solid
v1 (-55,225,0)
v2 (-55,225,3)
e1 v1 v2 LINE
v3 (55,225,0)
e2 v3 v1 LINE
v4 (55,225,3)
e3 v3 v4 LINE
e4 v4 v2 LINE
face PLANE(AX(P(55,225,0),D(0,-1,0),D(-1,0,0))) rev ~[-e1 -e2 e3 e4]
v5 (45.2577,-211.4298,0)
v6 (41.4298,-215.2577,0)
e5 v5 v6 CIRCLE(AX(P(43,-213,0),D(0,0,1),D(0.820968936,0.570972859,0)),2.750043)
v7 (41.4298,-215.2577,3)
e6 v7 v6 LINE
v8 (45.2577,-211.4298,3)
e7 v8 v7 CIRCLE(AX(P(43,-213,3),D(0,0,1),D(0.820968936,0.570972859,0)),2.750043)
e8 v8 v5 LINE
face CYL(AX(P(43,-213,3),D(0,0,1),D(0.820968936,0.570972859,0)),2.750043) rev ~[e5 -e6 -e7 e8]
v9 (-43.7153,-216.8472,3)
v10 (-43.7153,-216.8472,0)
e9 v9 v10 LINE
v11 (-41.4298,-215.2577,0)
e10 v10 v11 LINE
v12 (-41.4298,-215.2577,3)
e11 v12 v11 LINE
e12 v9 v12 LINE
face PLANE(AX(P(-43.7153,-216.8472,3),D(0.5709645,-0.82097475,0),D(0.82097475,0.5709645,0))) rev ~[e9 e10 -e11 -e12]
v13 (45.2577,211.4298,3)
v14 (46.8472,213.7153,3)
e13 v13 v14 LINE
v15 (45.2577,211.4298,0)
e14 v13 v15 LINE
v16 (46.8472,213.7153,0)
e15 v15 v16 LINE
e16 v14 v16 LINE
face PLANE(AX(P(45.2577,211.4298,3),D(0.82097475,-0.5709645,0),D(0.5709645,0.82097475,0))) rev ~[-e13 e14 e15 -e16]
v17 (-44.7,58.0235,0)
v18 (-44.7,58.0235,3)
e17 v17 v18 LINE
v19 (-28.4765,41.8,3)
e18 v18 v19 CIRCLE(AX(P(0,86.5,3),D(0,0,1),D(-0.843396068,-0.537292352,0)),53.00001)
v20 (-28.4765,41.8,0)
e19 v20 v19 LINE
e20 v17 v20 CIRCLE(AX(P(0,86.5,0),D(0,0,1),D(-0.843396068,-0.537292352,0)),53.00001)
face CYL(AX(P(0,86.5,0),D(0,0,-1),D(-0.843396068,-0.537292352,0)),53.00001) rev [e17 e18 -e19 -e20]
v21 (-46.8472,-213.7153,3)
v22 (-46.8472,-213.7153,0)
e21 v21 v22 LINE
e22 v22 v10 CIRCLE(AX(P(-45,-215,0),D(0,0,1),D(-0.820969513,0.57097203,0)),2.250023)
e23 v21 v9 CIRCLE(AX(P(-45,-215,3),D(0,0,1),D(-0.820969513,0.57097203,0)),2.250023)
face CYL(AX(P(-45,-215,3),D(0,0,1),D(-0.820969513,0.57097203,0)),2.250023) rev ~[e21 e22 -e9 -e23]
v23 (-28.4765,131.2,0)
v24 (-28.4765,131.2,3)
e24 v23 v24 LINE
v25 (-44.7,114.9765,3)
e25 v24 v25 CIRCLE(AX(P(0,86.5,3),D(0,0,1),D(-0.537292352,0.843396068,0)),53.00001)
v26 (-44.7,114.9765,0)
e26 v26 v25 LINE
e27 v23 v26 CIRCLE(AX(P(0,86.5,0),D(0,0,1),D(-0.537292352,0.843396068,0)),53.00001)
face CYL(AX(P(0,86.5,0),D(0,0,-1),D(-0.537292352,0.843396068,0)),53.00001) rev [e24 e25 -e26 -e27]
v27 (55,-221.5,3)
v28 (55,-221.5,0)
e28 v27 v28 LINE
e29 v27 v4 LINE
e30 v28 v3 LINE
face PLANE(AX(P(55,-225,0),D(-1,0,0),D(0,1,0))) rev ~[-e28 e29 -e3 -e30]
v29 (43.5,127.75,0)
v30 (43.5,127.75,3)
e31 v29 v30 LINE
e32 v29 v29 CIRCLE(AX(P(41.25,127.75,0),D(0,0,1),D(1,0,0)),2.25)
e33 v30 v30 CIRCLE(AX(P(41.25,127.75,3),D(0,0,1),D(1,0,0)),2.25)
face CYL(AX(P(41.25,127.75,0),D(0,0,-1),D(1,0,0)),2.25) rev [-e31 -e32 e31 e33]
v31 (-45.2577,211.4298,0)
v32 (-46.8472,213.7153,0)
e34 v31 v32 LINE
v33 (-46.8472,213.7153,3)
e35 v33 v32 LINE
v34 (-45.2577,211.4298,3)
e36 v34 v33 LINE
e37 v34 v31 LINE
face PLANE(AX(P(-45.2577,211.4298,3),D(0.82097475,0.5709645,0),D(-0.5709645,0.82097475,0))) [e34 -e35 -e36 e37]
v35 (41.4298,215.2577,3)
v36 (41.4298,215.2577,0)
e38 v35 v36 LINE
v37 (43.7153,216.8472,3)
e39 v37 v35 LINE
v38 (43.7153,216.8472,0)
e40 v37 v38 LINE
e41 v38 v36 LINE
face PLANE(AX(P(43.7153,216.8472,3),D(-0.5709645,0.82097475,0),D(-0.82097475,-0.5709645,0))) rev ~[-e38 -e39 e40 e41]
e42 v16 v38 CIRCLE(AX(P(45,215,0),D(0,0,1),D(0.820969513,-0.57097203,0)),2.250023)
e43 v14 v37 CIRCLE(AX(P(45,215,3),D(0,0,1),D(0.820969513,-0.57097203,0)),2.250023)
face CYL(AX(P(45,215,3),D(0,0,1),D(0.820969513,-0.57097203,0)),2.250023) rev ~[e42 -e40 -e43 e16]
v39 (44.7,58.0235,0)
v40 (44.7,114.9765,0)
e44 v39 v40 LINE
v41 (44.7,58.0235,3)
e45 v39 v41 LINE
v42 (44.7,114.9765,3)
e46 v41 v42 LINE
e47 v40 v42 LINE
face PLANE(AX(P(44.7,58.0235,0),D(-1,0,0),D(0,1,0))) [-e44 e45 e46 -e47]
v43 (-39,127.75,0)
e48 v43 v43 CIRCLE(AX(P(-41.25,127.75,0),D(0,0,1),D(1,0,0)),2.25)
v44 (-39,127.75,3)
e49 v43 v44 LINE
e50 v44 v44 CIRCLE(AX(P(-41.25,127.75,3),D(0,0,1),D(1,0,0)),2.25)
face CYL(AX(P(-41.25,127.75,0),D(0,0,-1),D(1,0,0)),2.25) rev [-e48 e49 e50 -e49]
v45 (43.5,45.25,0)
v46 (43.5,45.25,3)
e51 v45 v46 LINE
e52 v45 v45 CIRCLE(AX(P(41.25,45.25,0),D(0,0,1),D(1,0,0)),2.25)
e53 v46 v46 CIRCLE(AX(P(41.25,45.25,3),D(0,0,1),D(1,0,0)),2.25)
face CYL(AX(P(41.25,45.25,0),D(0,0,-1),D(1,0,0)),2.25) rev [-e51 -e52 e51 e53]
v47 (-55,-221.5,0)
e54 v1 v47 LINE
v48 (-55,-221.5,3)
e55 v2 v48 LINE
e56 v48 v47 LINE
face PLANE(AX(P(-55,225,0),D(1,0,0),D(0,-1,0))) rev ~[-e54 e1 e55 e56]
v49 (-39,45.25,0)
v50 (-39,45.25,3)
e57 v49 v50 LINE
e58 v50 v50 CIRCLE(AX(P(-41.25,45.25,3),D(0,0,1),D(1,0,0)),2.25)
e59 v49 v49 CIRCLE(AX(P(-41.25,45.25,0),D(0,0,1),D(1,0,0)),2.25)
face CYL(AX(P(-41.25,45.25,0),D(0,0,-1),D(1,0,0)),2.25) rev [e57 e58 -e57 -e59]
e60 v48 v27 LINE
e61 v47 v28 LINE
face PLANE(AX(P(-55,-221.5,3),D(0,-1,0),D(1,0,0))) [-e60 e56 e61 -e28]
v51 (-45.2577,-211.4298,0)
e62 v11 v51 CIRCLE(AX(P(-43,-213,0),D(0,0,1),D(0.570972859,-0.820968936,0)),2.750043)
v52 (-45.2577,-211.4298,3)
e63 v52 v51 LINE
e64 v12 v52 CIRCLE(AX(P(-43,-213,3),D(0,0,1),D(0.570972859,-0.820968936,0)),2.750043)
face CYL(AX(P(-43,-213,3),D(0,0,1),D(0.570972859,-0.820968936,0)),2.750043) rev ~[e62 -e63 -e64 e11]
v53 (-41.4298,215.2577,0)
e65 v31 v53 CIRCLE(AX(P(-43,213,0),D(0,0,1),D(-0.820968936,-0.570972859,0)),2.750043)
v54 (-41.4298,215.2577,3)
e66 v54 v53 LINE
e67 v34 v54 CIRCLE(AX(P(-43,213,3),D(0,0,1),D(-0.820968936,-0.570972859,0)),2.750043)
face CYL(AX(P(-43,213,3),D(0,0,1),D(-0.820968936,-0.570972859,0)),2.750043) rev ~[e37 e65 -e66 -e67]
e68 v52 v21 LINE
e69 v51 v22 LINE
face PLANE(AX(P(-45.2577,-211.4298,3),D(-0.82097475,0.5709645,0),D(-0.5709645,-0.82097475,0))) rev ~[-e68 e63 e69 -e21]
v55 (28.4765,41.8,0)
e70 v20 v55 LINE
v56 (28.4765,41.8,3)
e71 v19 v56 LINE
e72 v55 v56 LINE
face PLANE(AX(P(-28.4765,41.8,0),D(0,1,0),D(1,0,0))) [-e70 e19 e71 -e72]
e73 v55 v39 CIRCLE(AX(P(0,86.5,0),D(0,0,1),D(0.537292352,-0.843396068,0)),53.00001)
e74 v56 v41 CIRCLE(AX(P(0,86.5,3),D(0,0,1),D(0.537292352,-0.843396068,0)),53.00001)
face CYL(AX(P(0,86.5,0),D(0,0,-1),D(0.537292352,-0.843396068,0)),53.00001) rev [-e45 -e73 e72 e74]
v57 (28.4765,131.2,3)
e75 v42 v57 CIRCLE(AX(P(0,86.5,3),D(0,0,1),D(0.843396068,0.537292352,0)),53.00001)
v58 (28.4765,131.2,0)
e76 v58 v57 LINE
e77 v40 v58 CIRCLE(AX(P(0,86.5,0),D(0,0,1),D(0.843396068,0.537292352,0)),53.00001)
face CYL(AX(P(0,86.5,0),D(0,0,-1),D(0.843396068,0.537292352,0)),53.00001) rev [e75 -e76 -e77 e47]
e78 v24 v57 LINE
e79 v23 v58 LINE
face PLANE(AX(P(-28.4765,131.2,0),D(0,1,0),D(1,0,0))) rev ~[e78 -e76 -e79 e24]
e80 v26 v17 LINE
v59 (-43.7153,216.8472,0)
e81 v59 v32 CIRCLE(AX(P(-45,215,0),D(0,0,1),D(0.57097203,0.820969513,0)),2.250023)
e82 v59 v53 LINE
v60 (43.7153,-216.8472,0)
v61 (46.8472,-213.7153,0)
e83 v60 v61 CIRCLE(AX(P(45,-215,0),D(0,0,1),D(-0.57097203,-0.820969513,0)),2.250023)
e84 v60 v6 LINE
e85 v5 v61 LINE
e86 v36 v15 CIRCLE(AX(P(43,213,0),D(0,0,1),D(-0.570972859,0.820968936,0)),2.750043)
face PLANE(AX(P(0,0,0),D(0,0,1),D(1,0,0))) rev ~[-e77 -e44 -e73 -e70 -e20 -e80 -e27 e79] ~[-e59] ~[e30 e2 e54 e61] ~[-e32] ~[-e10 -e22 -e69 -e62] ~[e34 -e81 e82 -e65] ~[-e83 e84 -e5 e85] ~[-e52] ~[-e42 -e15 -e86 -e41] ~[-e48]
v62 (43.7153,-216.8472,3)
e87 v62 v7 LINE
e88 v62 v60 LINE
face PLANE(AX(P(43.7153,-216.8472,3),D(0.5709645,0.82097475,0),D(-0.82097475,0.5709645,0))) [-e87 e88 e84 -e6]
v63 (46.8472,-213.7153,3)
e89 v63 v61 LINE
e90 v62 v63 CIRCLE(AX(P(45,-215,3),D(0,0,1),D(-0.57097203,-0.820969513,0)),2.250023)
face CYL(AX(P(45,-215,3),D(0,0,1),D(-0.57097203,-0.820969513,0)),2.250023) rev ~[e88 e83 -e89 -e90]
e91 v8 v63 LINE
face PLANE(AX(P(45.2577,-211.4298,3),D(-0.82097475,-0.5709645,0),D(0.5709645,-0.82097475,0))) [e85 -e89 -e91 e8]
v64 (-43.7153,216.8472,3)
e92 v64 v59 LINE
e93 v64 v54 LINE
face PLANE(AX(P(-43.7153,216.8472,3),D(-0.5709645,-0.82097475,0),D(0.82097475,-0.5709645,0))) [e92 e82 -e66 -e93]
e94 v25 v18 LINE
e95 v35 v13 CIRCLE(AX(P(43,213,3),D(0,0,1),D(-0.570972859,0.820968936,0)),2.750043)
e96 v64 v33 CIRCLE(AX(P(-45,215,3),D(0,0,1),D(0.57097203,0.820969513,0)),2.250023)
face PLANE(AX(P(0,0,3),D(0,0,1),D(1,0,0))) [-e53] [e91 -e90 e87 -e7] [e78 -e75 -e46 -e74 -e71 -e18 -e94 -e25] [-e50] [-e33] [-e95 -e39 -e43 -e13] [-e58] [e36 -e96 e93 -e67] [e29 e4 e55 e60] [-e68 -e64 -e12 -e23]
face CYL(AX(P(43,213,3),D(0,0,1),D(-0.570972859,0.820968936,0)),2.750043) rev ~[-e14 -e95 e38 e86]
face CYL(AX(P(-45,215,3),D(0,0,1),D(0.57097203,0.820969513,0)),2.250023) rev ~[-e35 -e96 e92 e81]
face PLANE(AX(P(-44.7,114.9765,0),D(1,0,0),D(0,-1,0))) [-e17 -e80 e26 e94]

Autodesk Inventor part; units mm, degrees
ref_plane "YZ Plane" through (0, 0, 0) normal (1, 0, 0) x (0, 1, 0)
ref_plane "XZ Plane" through (0, 0, 0) normal (0, 1, 0) x (-1, 0, 0)
ref_plane "XY Plane" through (0, 0, 0) normal (0, 0, 1) x (1, 0, 0)
sketch "スケッチ1" plane through (0, 0, 0) normal (0, 0, 1) x (1, 0, 0)
  line L0 (-55, -225) -> (55, -225)
  line L1 (55, -225) -> (55, 225)
  line L2 (55, 225) -> (-55, 225)
  line L3 (-55, 225) -> (-55, -225)
  line L4 (-55, -225) -> (55, 225) construction
  line L5 (55, -225) -> (-55, 225) construction
  line L6 (-55, 195) -> (-50, 195) construction
  line L7 (-50, 195) -> (-25, 220) construction
  line L8 (-25, 220) -> (-25, 225) construction
  line L9 (-46, 40.5) -> (46, 40.5) construction
  line L10 (46, 40.5) -> (46, 132.5) construction
  line L11 (46, 132.5) -> (-46, 132.5) construction
  line L12 (-46, 132.5) -> (-46, 40.5) construction
  line L13 (-46, 40.5) -> (46, 132.5) construction
  line L14 (46, 40.5) -> (-46, 132.5) construction
  line L15 (-46, 1.5) -> (46, 1.5) construction
  line L16 (46, 1.5) -> (46, 37.5) construction
  line L17 (46, 37.5) -> (-46, 37.5) construction
  line L18 (-46, 37.5) -> (-46, 1.5) construction
  line L19 (-46, 1.5) -> (46, 37.5) construction
  line L20 (46, 1.5) -> (-46, 37.5) construction
  line L21 (0, 0) -> (0, 86.5) construction
  circle A0 centre (0, 86.5) radius 53 construction
  line L22 (-44.7, 41.8) -> (44.7, 41.8) construction
  line L23 (44.7, 41.8) -> (44.7, 131.2) construction
  line L24 (44.7, 131.2) -> (-44.7, 131.2) construction
  line L25 (-44.7, 131.2) -> (-44.7, 41.8) construction
  line L26 (-44.7, 41.8) -> (44.7, 131.2) construction
  line L27 (44.7, 41.8) -> (-44.7, 131.2) construction
  arc A1 (-28.4765, 131.2) -> (-44.7, 114.9765) centre (0, 86.5) ccw
  arc A2 (-44.7, 58.0235) -> (-28.4765, 41.8) centre (0, 86.5) ccw
  arc A3 (28.4765, 41.8) -> (44.7, 58.0235) centre (0, 86.5) ccw
  arc A4 (44.7, 114.9765) -> (28.4765, 131.2) centre (0, 86.5) ccw
  line L28 (-28.4765, 131.2) -> (28.4765, 131.2)
  line L29 (-44.7, 114.9765) -> (-44.7, 58.0235)
  line L30 (-28.4765, 41.8) -> (28.4765, 41.8)
  line L31 (44.7, 58.0235) -> (44.7, 114.9765)
  line L32 (-41.25, 45.25) -> (41.25, 45.25) construction
  line L33 (41.25, 45.25) -> (41.25, 127.75) construction
  line L34 (41.25, 127.75) -> (-41.25, 127.75) construction
  line L35 (-41.25, 127.75) -> (-41.25, 45.25) construction
  line L36 (-41.25, 45.25) -> (41.25, 127.75) construction
  line L37 (41.25, 45.25) -> (-41.25, 127.75) construction
  circle A5 centre (-41.25, 127.75) radius 2.25
  circle A6 centre (-41.25, 45.25) radius 2.25
  circle A7 centre (41.25, 45.25) radius 2.25
  circle A8 centre (41.25, 127.75) radius 2.25
  circle A9 centre (-45, 215) radius 2.25
  circle A10 centre (45, 215) radius 2.25
  circle A11 centre (45, -215) radius 2.25
  circle A12 centre (-45, -215) radius 2.25
  circle A13 centre (-45, 0) radius 2.25 construction
  circle A14 centre (45, 0) radius 2.25 construction
  line L38 (-55, 0) -> (55, 0) construction
  circle A15 centre (-41.25, -49.75) radius 2.25
  arc A16 (-44.7, -36.9765) -> (-28.4765, -53.2) centre (0, -8.5) ccw
  line L39 (-28.4765, -53.2) -> (28.4765, -53.2)
  arc A17 (28.4765, -53.2) -> (44.7, -36.9765) centre (0, -8.5) ccw
  circle A18 centre (41.25, -49.75) radius 2.25
  line L40 (44.7, -36.9765) -> (44.7, 19.9765)
  circle A19 centre (41.25, 32.75) radius 2.25
  arc A20 (44.7, 19.9765) -> (28.4765, 36.2) centre (0, -8.5) ccw
  line L41 (-28.4765, 36.2) -> (28.4765, 36.2)
  circle A21 centre (-41.25, 32.75) radius 2.25
  arc A22 (-28.4765, 36.2) -> (-44.7, 19.9765) centre (0, -8.5) ccw
  line L42 (-44.7, 19.9765) -> (-44.7, -36.9765)
  circle A23 centre (-41.25, -144.75) radius 2.25
  arc A24 (-44.7, -131.9765) -> (-28.4765, -148.2) centre (0, -103.5) ccw
  line L43 (-28.4765, -148.2) -> (28.4765, -148.2)
  arc A25 (28.4765, -148.2) -> (44.7, -131.9765) centre (0, -103.5) ccw
  circle A26 centre (41.25, -144.75) radius 2.25
  line L44 (44.7, -131.9765) -> (44.7, -75.0235)
  circle A27 centre (41.25, -62.25) radius 2.25
  arc A28 (44.7, -75.0235) -> (28.4765, -58.8) centre (0, -103.5) ccw
  line L45 (-28.4765, -58.8) -> (28.4765, -58.8)
  circle A29 centre (-41.25, -62.25) radius 2.25
  arc A30 (-28.4765, -58.8) -> (-44.7, -75.0235) centre (0, -103.5) ccw
  line L46 (-44.7, -75.0235) -> (-44.7, -131.9765)
  point P0 (0, 19.5)
  point P1 (0, 19.5)
  dimension "d12" = 106
  dimension "d0" = 110
  dimension "d1" = 450
  dimension "d2" = 135
  dimension "d3" = 30
  dimension "d4" = 30
  dimension "d5" = 5
  dimension "d6" = 92
  dimension "d7" = 92
  dimension "d8" = 92
  dimension "d9" = 36
  dimension "d10" = 3
  dimension "d11" = 1.5
  dimension "d13" = 89.4
  dimension "d14" = 89.4
  dimension "d15" = 82.5
  dimension "d16" = 82.5
  dimension "d17" = 4.5
  dimension "d25" = 4.5
  dimension "d26" = 10
  dimension "d27" = 10
  dimension "d28" = 10
  dimension "d29" = 10
  dimension "d30" = 10
  dimension "d31" = 10
  dimension "d32" = 10
  dimension "d33" = 10
  dimension "d34" = 10
  dimension "d35" = 10
  dimension "d45" = 95
extrude "押し出し1" add sketch "スケッチ1" along normal blind 3 contours L3 L2 L1 L0 | A15 | L42 A22 L41 A20 L40 A17 L39 A16 | A18 | A19 | A21 | A23 | L46 A30 L45 A28 L44 A25 L43 A24 | A26 | A27 | A29
sketch "スケッチ2" plane through (0, 0, 3) normal (0, 0, 1) x (1, 0, 0)
  circle A0 centre (-45, 215) radius 2.25 construction
  circle A1 centre (45, -215) radius 2.25 construction
  circle A2 centre (-45, -215) radius 2.25 construction
  circle A3 centre (-43, 213) radius 2.75 construction
  line L0 (55, 225) -> (-55, 225) projected
  line L1 (-55, 225) -> (-55, -225) projected
  line L2 (-43.7153, 216.8472) -> (-41.4298, 215.2577)
  line L3 (-45.2577, 211.4298) -> (-46.8472, 213.7153)
  circle A4 centre (-45, 215) radius 2.25 construction
  arc A5 (-43.7153, 216.8472) -> (-46.8472, 213.7153) centre (-45, 215) ccw
  arc A6 (-45.2577, 211.4298) -> (-41.4298, 215.2577) centre (-43, 213) ccw
  line L4 (55, 225) -> (-55, 225) construction
  line L5 (0, 225) -> (0, -225) construction
  line L6 (-55, -225) -> (55, -225) construction
  line L7 (-55, 0) -> (55, 0) construction
  line L8 (55, -225) -> (55, 225) construction
  circle A7 centre (45, 215) radius 2.25 construction
  circle A8 centre (43, 213) radius 2.75 construction
  line L9 (43.7153, 216.8472) -> (41.4298, 215.2577)
  line L10 (45.2577, 211.4298) -> (46.8472, 213.7153)
  circle A9 centre (45, 215) radius 2.25 construction
  arc A10 (46.8472, 213.7153) -> (43.7153, 216.8472) centre (45, 215) ccw
  arc A11 (41.4298, 215.2577) -> (45.2577, 211.4298) centre (43, 213) ccw
  circle A12 centre (-45, -215) radius 2.25 construction
  circle A13 centre (-43, -213) radius 2.75 construction
  line L11 (-43.7153, -216.8472) -> (-41.4298, -215.2577)
  line L12 (-45.2577, -211.4298) -> (-46.8472, -213.7153)
  circle A14 centre (-45, -215) radius 2.25 construction
  arc A15 (-46.8472, -213.7153) -> (-43.7153, -216.8472) centre (-45, -215) ccw
  arc A16 (-41.4298, -215.2577) -> (-45.2577, -211.4298) centre (-43, -213) ccw
  circle A17 centre (45, -215) radius 2.25 construction
  line L13 (45.2577, -211.4298) -> (46.8472, -213.7153)
  arc A18 (45.2577, -211.4298) -> (41.4298, -215.2577) centre (43, -213) ccw
  circle A19 centre (43, -213) radius 2.75 construction
  line L14 (43.7153, -216.8472) -> (41.4298, -215.2577)
  circle A20 centre (45, -215) radius 2.25 construction
  arc A21 (43.7153, -216.8472) -> (46.8472, -213.7153) centre (45, -215) ccw
  point P0 (0, 0)
  dimension "d38" = 5.5
  dimension "d39" = 12
  dimension "d40" = 12
extrude "押し出し2" cut sketch "スケッチ2" against normal through all
sketch "スケッチ3" plane through (0, 0, 3) normal (0, 0, 1) x (1, 0, 0)
  line L0 (-55, -225) -> (55, -225) construction
  line L1 (-55, -221.5) -> (55, -221.5)
  line L2 (55, -221.5) -> (55, -225)
  line L3 (55, -225) -> (-55, -225)
  line L4 (-55, -225) -> (-55, -221.5)
  line L5 (-55, -221.5) -> (55, -225) construction
  line L6 (55, -221.5) -> (-55, -225) construction
  line L7 (0, -223.25) -> (0, -225) construction
  point P0 (0, 0)
  dimension "d50" = 3.5
  dimension "d51" = 110
extrude "押し出し3" cut sketch "スケッチ3" against normal through all
sketch "スケッチ4" plane through (0, 0, 3) normal (0, 0, 1) x (1, 0, 0)
  line L0 (-55, -221.5) -> (55, -221.5) construction
  line L1 (55, -221.5) -> (55, 225) construction
  line L2 (55, 225) -> (-55, 225) construction
  line L3 (-55, 225) -> (-55, -221.5) construction
  circle A0 centre (-41.25, 127.75) radius 2.25 construction
  circle A1 centre (-41.25, 45.25) radius 2.25 construction
  circle A2 centre (41.25, 45.25) radius 2.25 construction
  circle A3 centre (41.25, 127.75) radius 2.25 construction
  line L4 (43.7153, -216.8472) -> (41.4298, -215.2577) construction
  arc A4 (45.2577, -211.4298) -> (41.4298, -215.2577) centre (43, -213) ccw construction
  line L5 (45.2577, -211.4298) -> (46.8472, -213.7153) construction
  arc A5 (43.7153, -216.8472) -> (46.8472, -213.7153) centre (45, -215) ccw construction
  line L6 (-28.4765, 131.2) -> (28.4765, 131.2) construction
  arc A6 (44.7, 114.9765) -> (28.4765, 131.2) centre (0, 86.5) ccw construction
  line L7 (44.7, 114.9765) -> (44.7, 58.0235) construction
  arc A7 (28.4765, 41.8) -> (44.7, 58.0235) centre (0, 86.5) ccw construction
  line L8 (28.4765, 41.8) -> (-28.4765, 41.8) construction
  arc A8 (-44.7, 58.0235) -> (-28.4765, 41.8) centre (0, 86.5) ccw construction
  line L9 (-44.7, 58.0235) -> (-44.7, 114.9765) construction
  arc A9 (-28.4765, 131.2) -> (-44.7, 114.9765) centre (0, 86.5) ccw construction
  line L10 (41.4298, 215.2577) -> (43.7153, 216.8472) construction
  arc A10 (46.8472, 213.7153) -> (43.7153, 216.8472) centre (45, 215) ccw construction
  line L11 (46.8472, 213.7153) -> (45.2577, 211.4298) construction
  arc A11 (41.4298, 215.2577) -> (45.2577, 211.4298) centre (43, 213) ccw construction
  line L12 (-45.2577, 211.4298) -> (-46.8472, 213.7153) construction
  arc A12 (-43.7153, 216.8472) -> (-46.8472, 213.7153) centre (-45, 215) ccw construction
  line L13 (-43.7153, 216.8472) -> (-41.4298, 215.2577) construction
  arc A13 (-45.2577, 211.4298) -> (-41.4298, 215.2577) centre (-43, 213) ccw construction
  line L14 (-41.4298, -215.2577) -> (-43.7153, -216.8472) construction
  arc A14 (-46.8472, -213.7153) -> (-43.7153, -216.8472) centre (-45, -215) ccw construction
  line L15 (-46.8472, -213.7153) -> (-45.2577, -211.4298) construction
  arc A15 (-41.4298, -215.2577) -> (-45.2577, -211.4298) centre (-43, -213) ccw construction
  line L16 (-54.75, -221.25) -> (54.75, -221.25)
  line L17 (54.75, -221.25) -> (54.75, 224.75)
  line L18 (54.75, 224.75) -> (-54.75, 224.75)
  line L19 (-54.75, 224.75) -> (-54.75, -221.25)
  point P0 (0, 0)
  dimension "d54" = 0.25
extrude "押し出し4" [suppressed]
equation "\"d4\" = d3"
equation "\"d11\" = 0.5 * d10"
equation "\"d27\" = d26"
equation "\"d28\" = d26"
equation "\"d29\" = d26"
equation "\"d30\" = d26"
equation "\"d31\" = d26"
equation "\"d32\" = d26"
equation "\"d33\" = d26"
equation "\"d34\" = d26"
equation "\"d35\" = d26"
equation "\"d45\" = d7 + d10"
properties part number "bottom_panel" material "アルミニウム 6061"
